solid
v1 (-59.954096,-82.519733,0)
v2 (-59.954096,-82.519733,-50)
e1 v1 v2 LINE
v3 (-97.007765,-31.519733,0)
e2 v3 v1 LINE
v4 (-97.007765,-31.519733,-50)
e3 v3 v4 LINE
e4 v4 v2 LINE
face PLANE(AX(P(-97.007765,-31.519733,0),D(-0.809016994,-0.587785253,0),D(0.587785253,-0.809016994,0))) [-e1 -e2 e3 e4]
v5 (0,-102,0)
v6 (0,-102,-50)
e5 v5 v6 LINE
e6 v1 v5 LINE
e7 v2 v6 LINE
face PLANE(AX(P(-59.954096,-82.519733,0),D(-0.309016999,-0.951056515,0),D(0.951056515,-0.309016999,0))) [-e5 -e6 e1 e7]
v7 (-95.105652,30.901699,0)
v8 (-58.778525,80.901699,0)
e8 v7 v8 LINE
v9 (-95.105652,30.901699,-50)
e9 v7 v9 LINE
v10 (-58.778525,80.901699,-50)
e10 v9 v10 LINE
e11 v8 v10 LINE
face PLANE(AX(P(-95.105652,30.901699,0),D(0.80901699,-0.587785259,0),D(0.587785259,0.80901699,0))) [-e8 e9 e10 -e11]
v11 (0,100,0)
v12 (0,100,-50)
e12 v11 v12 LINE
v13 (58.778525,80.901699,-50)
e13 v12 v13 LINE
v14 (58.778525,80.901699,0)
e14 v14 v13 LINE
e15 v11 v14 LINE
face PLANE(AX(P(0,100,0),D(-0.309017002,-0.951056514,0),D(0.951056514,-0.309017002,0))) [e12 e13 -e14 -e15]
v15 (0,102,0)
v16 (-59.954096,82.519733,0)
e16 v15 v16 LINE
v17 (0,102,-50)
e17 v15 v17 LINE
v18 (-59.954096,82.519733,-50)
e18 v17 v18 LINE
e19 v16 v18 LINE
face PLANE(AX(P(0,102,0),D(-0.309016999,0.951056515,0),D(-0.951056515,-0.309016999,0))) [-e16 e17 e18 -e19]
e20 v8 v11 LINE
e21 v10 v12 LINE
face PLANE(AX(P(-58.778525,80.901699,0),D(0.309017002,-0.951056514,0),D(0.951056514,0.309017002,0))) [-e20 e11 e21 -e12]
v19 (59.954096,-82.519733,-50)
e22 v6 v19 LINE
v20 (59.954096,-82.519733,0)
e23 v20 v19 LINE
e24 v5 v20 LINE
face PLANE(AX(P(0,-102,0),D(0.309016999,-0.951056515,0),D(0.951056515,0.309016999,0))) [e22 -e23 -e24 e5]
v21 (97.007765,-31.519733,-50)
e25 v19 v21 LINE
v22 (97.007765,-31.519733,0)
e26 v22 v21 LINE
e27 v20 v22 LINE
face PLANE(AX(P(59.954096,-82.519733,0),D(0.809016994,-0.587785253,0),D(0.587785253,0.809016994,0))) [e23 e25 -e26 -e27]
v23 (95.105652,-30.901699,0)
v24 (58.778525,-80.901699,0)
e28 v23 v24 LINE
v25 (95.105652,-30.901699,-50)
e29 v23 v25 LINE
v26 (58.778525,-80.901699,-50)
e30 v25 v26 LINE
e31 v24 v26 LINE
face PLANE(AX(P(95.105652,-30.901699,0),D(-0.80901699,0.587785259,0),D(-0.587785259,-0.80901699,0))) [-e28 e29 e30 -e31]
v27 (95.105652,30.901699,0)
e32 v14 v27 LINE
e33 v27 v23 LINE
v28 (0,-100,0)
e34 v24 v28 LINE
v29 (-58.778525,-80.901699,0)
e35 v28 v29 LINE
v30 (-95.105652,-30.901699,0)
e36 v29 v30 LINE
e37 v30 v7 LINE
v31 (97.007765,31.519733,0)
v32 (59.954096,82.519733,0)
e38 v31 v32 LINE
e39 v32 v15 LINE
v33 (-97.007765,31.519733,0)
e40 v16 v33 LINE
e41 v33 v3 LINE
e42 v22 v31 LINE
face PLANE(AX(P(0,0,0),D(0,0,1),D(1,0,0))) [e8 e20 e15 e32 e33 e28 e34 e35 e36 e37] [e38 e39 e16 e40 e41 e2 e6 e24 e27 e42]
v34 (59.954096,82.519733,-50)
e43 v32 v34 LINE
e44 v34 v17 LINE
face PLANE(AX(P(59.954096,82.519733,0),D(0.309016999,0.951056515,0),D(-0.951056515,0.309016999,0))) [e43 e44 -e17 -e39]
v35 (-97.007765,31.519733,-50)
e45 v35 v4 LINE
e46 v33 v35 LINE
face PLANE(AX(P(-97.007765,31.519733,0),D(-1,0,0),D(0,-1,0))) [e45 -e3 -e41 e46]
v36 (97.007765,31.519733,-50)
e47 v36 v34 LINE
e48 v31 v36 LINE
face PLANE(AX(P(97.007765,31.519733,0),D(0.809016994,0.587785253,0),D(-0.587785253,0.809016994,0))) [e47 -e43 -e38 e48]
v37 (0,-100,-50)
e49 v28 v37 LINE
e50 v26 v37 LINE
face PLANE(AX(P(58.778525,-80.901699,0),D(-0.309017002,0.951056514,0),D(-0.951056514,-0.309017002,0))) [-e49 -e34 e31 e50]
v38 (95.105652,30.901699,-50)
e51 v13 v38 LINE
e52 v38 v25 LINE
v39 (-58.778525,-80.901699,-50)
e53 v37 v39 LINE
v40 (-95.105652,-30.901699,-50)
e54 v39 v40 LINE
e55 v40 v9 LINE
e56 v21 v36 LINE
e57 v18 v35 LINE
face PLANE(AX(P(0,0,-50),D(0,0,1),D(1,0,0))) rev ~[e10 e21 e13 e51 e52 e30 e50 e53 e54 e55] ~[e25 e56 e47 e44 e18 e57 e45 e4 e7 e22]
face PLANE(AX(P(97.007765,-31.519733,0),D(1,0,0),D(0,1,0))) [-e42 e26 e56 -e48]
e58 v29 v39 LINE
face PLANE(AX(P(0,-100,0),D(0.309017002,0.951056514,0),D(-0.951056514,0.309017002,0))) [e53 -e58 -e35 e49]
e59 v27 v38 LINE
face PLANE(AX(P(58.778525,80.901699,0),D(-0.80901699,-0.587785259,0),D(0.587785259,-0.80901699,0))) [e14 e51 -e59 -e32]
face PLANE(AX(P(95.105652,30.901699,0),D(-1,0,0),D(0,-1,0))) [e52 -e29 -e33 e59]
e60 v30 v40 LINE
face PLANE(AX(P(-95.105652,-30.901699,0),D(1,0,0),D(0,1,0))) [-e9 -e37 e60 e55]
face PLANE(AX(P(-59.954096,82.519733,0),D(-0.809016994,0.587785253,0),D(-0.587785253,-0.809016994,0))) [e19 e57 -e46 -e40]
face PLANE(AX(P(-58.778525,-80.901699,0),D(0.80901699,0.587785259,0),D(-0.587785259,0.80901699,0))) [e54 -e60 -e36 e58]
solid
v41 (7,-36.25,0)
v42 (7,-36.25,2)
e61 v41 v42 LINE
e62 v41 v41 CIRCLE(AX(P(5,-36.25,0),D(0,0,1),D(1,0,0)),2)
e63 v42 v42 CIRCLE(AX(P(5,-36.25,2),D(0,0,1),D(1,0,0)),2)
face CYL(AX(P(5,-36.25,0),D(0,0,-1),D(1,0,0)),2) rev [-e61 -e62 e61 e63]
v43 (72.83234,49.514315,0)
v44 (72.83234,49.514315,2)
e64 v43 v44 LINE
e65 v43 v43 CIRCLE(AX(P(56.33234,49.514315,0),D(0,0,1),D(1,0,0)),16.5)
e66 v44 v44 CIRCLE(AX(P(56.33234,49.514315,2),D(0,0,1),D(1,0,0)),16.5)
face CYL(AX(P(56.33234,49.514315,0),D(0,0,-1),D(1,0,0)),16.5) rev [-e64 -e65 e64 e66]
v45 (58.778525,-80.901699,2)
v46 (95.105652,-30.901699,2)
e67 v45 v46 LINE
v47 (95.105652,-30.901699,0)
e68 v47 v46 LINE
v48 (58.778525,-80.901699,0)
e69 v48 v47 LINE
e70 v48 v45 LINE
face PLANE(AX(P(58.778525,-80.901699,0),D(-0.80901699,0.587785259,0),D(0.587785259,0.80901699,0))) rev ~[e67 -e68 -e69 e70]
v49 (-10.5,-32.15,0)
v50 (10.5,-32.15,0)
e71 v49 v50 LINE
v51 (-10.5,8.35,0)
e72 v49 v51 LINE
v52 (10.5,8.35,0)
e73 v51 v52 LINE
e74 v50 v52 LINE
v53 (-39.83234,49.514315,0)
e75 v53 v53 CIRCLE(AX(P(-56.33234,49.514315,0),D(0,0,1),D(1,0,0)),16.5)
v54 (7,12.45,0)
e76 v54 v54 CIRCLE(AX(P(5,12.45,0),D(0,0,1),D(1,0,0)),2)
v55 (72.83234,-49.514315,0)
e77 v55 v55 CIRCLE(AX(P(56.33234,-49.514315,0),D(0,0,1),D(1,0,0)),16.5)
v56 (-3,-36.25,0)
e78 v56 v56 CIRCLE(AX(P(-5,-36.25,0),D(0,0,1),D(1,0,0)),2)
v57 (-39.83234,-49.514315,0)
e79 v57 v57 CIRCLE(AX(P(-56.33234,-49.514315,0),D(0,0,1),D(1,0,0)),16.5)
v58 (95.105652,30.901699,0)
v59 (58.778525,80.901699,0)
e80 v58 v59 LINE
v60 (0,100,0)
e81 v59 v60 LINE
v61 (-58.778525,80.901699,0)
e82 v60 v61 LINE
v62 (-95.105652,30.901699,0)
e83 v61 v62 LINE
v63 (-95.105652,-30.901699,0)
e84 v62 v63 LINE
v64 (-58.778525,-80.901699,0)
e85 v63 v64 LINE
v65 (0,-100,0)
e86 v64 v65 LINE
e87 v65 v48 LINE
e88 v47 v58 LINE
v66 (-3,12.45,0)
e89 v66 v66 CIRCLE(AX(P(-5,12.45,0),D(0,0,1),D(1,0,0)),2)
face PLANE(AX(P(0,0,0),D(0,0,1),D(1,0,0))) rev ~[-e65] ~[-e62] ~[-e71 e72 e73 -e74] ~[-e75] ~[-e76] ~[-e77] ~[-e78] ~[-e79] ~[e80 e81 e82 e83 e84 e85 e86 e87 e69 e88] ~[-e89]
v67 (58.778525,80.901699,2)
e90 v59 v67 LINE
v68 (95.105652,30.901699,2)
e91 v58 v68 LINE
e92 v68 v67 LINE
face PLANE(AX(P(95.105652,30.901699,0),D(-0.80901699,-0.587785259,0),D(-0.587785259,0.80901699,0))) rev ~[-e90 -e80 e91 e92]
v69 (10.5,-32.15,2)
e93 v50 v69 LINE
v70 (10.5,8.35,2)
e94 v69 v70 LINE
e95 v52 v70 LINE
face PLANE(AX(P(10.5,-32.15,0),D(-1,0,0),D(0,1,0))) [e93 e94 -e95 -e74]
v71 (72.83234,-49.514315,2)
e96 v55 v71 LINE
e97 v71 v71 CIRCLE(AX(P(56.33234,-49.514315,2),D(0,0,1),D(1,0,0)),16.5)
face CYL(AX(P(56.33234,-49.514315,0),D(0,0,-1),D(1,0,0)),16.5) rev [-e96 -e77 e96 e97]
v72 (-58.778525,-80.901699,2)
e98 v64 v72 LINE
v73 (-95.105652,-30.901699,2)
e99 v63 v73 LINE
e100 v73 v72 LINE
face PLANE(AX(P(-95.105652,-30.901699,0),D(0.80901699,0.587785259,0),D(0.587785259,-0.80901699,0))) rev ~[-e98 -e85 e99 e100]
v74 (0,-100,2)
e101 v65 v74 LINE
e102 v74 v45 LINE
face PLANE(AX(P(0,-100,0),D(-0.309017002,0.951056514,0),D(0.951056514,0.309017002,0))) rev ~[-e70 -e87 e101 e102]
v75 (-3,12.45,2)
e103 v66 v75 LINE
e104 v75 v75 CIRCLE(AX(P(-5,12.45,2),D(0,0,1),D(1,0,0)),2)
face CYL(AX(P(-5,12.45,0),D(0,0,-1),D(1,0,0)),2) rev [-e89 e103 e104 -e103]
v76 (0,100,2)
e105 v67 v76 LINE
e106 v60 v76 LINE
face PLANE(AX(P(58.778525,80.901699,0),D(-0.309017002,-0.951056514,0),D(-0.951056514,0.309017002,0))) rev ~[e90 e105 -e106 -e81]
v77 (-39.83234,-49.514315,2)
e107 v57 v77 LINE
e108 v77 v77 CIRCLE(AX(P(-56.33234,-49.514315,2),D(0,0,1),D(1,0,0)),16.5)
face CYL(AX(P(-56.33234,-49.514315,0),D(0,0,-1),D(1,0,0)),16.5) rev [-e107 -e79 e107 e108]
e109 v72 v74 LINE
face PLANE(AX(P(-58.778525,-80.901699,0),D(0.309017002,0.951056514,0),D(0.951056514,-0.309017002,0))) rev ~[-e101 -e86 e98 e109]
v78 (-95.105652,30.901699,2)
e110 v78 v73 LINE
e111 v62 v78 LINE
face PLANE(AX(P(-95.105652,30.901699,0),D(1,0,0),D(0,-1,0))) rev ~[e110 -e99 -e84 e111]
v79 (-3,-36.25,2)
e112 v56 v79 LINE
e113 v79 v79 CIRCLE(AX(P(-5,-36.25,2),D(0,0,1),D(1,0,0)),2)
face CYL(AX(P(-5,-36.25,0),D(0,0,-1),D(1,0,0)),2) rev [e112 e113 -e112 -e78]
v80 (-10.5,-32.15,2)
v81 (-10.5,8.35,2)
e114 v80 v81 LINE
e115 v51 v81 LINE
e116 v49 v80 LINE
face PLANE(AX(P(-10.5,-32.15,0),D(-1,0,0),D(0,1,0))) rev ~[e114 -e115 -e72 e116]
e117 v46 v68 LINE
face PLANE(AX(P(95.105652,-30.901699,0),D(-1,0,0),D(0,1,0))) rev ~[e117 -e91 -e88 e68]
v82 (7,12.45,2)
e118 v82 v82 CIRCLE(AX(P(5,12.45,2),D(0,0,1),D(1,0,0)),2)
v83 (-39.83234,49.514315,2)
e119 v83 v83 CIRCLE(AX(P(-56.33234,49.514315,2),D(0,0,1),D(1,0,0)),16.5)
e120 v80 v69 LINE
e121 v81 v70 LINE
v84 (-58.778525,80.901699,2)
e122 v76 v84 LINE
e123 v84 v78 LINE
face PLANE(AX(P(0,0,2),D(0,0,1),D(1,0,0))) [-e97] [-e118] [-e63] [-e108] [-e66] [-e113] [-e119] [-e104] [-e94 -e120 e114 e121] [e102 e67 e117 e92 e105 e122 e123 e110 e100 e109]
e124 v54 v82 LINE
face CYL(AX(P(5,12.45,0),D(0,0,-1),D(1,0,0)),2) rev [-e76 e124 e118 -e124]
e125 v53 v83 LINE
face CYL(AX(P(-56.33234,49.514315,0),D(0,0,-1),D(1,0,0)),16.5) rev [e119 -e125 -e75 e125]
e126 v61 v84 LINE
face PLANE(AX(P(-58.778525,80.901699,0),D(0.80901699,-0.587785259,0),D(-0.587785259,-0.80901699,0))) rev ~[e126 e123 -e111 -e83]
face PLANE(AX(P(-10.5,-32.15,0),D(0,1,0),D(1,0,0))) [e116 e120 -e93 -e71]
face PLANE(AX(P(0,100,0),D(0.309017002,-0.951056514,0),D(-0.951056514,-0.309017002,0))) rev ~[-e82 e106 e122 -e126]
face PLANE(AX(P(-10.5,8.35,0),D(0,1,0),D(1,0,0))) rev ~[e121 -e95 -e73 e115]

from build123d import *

# Parameters (mm, degrees)
F0_R     = 16.5
F0_R_2   = 2
F0_W     = 21
F0_H     = 40.5
F1_DEPTH = 2
F2_DEPTH = 50


with BuildPart() as f1:
    # F0 (on Top) → F1 (new body)
    with BuildSketch(Plane.XY):
        Polygon((58.778525, 80.901699), (0, 100), (-58.778525, 80.901699), (-95.105652, 30.901699), (-95.105652, -30.901699), (-58.778525, -80.901699), (0, -100), (58.778525, -80.901699), (95.105652, -30.901699), (95.105652, 30.901699), align=None)
        with Locations((-56.33234, -49.514315)):
            Circle(F0_R, mode=Mode.SUBTRACT)
        with Locations((-5, -36.25)):
            Circle(F0_R_2, mode=Mode.SUBTRACT)
        with Locations((5, -36.25)):
            Circle(F0_R_2, mode=Mode.SUBTRACT)
        with Locations((0, -11.9)):
            Rectangle(F0_W, F0_H, mode=Mode.SUBTRACT)
        with Locations((56.33234, -49.514315)):
            Circle(F0_R, mode=Mode.SUBTRACT)
        with Locations((-56.33234, 49.514315)):
            Circle(F0_R, mode=Mode.SUBTRACT)
        with Locations((-5, 12.45)):
            Circle(F0_R_2, mode=Mode.SUBTRACT)
        with Locations((5, 12.45)):
            Circle(F0_R_2, mode=Mode.SUBTRACT)
        with Locations((56.33234, 49.514315)):
            Circle(F0_R, mode=Mode.SUBTRACT)
    extrude(amount=F1_DEPTH)


with BuildPart() as f2:
    # F0 (on Top) → F2 (new body)
    with BuildSketch(Plane.XY):
        Polygon((59.954096, 82.519733), (0, 102), (-59.954096, 82.519733), (-97.007765, 31.519733), (-97.007765, -31.519733), (-59.954096, -82.519733), (0, -102), (59.954096, -82.519733), (97.007765, -31.519733), (97.007765, 31.519733), align=None)
        Polygon((-58.778525, 80.901699), (0, 100), (58.778525, 80.901699), (95.105652, 30.901699), (95.105652, -30.901699), (58.778525, -80.901699), (0, -100), (-58.778525, -80.901699), (-95.105652, -30.901699), (-95.105652, 30.901699), align=None, mode=Mode.SUBTRACT)
    extrude(amount=-F2_DEPTH)


solid = Compound([f1.part, f2.part])
